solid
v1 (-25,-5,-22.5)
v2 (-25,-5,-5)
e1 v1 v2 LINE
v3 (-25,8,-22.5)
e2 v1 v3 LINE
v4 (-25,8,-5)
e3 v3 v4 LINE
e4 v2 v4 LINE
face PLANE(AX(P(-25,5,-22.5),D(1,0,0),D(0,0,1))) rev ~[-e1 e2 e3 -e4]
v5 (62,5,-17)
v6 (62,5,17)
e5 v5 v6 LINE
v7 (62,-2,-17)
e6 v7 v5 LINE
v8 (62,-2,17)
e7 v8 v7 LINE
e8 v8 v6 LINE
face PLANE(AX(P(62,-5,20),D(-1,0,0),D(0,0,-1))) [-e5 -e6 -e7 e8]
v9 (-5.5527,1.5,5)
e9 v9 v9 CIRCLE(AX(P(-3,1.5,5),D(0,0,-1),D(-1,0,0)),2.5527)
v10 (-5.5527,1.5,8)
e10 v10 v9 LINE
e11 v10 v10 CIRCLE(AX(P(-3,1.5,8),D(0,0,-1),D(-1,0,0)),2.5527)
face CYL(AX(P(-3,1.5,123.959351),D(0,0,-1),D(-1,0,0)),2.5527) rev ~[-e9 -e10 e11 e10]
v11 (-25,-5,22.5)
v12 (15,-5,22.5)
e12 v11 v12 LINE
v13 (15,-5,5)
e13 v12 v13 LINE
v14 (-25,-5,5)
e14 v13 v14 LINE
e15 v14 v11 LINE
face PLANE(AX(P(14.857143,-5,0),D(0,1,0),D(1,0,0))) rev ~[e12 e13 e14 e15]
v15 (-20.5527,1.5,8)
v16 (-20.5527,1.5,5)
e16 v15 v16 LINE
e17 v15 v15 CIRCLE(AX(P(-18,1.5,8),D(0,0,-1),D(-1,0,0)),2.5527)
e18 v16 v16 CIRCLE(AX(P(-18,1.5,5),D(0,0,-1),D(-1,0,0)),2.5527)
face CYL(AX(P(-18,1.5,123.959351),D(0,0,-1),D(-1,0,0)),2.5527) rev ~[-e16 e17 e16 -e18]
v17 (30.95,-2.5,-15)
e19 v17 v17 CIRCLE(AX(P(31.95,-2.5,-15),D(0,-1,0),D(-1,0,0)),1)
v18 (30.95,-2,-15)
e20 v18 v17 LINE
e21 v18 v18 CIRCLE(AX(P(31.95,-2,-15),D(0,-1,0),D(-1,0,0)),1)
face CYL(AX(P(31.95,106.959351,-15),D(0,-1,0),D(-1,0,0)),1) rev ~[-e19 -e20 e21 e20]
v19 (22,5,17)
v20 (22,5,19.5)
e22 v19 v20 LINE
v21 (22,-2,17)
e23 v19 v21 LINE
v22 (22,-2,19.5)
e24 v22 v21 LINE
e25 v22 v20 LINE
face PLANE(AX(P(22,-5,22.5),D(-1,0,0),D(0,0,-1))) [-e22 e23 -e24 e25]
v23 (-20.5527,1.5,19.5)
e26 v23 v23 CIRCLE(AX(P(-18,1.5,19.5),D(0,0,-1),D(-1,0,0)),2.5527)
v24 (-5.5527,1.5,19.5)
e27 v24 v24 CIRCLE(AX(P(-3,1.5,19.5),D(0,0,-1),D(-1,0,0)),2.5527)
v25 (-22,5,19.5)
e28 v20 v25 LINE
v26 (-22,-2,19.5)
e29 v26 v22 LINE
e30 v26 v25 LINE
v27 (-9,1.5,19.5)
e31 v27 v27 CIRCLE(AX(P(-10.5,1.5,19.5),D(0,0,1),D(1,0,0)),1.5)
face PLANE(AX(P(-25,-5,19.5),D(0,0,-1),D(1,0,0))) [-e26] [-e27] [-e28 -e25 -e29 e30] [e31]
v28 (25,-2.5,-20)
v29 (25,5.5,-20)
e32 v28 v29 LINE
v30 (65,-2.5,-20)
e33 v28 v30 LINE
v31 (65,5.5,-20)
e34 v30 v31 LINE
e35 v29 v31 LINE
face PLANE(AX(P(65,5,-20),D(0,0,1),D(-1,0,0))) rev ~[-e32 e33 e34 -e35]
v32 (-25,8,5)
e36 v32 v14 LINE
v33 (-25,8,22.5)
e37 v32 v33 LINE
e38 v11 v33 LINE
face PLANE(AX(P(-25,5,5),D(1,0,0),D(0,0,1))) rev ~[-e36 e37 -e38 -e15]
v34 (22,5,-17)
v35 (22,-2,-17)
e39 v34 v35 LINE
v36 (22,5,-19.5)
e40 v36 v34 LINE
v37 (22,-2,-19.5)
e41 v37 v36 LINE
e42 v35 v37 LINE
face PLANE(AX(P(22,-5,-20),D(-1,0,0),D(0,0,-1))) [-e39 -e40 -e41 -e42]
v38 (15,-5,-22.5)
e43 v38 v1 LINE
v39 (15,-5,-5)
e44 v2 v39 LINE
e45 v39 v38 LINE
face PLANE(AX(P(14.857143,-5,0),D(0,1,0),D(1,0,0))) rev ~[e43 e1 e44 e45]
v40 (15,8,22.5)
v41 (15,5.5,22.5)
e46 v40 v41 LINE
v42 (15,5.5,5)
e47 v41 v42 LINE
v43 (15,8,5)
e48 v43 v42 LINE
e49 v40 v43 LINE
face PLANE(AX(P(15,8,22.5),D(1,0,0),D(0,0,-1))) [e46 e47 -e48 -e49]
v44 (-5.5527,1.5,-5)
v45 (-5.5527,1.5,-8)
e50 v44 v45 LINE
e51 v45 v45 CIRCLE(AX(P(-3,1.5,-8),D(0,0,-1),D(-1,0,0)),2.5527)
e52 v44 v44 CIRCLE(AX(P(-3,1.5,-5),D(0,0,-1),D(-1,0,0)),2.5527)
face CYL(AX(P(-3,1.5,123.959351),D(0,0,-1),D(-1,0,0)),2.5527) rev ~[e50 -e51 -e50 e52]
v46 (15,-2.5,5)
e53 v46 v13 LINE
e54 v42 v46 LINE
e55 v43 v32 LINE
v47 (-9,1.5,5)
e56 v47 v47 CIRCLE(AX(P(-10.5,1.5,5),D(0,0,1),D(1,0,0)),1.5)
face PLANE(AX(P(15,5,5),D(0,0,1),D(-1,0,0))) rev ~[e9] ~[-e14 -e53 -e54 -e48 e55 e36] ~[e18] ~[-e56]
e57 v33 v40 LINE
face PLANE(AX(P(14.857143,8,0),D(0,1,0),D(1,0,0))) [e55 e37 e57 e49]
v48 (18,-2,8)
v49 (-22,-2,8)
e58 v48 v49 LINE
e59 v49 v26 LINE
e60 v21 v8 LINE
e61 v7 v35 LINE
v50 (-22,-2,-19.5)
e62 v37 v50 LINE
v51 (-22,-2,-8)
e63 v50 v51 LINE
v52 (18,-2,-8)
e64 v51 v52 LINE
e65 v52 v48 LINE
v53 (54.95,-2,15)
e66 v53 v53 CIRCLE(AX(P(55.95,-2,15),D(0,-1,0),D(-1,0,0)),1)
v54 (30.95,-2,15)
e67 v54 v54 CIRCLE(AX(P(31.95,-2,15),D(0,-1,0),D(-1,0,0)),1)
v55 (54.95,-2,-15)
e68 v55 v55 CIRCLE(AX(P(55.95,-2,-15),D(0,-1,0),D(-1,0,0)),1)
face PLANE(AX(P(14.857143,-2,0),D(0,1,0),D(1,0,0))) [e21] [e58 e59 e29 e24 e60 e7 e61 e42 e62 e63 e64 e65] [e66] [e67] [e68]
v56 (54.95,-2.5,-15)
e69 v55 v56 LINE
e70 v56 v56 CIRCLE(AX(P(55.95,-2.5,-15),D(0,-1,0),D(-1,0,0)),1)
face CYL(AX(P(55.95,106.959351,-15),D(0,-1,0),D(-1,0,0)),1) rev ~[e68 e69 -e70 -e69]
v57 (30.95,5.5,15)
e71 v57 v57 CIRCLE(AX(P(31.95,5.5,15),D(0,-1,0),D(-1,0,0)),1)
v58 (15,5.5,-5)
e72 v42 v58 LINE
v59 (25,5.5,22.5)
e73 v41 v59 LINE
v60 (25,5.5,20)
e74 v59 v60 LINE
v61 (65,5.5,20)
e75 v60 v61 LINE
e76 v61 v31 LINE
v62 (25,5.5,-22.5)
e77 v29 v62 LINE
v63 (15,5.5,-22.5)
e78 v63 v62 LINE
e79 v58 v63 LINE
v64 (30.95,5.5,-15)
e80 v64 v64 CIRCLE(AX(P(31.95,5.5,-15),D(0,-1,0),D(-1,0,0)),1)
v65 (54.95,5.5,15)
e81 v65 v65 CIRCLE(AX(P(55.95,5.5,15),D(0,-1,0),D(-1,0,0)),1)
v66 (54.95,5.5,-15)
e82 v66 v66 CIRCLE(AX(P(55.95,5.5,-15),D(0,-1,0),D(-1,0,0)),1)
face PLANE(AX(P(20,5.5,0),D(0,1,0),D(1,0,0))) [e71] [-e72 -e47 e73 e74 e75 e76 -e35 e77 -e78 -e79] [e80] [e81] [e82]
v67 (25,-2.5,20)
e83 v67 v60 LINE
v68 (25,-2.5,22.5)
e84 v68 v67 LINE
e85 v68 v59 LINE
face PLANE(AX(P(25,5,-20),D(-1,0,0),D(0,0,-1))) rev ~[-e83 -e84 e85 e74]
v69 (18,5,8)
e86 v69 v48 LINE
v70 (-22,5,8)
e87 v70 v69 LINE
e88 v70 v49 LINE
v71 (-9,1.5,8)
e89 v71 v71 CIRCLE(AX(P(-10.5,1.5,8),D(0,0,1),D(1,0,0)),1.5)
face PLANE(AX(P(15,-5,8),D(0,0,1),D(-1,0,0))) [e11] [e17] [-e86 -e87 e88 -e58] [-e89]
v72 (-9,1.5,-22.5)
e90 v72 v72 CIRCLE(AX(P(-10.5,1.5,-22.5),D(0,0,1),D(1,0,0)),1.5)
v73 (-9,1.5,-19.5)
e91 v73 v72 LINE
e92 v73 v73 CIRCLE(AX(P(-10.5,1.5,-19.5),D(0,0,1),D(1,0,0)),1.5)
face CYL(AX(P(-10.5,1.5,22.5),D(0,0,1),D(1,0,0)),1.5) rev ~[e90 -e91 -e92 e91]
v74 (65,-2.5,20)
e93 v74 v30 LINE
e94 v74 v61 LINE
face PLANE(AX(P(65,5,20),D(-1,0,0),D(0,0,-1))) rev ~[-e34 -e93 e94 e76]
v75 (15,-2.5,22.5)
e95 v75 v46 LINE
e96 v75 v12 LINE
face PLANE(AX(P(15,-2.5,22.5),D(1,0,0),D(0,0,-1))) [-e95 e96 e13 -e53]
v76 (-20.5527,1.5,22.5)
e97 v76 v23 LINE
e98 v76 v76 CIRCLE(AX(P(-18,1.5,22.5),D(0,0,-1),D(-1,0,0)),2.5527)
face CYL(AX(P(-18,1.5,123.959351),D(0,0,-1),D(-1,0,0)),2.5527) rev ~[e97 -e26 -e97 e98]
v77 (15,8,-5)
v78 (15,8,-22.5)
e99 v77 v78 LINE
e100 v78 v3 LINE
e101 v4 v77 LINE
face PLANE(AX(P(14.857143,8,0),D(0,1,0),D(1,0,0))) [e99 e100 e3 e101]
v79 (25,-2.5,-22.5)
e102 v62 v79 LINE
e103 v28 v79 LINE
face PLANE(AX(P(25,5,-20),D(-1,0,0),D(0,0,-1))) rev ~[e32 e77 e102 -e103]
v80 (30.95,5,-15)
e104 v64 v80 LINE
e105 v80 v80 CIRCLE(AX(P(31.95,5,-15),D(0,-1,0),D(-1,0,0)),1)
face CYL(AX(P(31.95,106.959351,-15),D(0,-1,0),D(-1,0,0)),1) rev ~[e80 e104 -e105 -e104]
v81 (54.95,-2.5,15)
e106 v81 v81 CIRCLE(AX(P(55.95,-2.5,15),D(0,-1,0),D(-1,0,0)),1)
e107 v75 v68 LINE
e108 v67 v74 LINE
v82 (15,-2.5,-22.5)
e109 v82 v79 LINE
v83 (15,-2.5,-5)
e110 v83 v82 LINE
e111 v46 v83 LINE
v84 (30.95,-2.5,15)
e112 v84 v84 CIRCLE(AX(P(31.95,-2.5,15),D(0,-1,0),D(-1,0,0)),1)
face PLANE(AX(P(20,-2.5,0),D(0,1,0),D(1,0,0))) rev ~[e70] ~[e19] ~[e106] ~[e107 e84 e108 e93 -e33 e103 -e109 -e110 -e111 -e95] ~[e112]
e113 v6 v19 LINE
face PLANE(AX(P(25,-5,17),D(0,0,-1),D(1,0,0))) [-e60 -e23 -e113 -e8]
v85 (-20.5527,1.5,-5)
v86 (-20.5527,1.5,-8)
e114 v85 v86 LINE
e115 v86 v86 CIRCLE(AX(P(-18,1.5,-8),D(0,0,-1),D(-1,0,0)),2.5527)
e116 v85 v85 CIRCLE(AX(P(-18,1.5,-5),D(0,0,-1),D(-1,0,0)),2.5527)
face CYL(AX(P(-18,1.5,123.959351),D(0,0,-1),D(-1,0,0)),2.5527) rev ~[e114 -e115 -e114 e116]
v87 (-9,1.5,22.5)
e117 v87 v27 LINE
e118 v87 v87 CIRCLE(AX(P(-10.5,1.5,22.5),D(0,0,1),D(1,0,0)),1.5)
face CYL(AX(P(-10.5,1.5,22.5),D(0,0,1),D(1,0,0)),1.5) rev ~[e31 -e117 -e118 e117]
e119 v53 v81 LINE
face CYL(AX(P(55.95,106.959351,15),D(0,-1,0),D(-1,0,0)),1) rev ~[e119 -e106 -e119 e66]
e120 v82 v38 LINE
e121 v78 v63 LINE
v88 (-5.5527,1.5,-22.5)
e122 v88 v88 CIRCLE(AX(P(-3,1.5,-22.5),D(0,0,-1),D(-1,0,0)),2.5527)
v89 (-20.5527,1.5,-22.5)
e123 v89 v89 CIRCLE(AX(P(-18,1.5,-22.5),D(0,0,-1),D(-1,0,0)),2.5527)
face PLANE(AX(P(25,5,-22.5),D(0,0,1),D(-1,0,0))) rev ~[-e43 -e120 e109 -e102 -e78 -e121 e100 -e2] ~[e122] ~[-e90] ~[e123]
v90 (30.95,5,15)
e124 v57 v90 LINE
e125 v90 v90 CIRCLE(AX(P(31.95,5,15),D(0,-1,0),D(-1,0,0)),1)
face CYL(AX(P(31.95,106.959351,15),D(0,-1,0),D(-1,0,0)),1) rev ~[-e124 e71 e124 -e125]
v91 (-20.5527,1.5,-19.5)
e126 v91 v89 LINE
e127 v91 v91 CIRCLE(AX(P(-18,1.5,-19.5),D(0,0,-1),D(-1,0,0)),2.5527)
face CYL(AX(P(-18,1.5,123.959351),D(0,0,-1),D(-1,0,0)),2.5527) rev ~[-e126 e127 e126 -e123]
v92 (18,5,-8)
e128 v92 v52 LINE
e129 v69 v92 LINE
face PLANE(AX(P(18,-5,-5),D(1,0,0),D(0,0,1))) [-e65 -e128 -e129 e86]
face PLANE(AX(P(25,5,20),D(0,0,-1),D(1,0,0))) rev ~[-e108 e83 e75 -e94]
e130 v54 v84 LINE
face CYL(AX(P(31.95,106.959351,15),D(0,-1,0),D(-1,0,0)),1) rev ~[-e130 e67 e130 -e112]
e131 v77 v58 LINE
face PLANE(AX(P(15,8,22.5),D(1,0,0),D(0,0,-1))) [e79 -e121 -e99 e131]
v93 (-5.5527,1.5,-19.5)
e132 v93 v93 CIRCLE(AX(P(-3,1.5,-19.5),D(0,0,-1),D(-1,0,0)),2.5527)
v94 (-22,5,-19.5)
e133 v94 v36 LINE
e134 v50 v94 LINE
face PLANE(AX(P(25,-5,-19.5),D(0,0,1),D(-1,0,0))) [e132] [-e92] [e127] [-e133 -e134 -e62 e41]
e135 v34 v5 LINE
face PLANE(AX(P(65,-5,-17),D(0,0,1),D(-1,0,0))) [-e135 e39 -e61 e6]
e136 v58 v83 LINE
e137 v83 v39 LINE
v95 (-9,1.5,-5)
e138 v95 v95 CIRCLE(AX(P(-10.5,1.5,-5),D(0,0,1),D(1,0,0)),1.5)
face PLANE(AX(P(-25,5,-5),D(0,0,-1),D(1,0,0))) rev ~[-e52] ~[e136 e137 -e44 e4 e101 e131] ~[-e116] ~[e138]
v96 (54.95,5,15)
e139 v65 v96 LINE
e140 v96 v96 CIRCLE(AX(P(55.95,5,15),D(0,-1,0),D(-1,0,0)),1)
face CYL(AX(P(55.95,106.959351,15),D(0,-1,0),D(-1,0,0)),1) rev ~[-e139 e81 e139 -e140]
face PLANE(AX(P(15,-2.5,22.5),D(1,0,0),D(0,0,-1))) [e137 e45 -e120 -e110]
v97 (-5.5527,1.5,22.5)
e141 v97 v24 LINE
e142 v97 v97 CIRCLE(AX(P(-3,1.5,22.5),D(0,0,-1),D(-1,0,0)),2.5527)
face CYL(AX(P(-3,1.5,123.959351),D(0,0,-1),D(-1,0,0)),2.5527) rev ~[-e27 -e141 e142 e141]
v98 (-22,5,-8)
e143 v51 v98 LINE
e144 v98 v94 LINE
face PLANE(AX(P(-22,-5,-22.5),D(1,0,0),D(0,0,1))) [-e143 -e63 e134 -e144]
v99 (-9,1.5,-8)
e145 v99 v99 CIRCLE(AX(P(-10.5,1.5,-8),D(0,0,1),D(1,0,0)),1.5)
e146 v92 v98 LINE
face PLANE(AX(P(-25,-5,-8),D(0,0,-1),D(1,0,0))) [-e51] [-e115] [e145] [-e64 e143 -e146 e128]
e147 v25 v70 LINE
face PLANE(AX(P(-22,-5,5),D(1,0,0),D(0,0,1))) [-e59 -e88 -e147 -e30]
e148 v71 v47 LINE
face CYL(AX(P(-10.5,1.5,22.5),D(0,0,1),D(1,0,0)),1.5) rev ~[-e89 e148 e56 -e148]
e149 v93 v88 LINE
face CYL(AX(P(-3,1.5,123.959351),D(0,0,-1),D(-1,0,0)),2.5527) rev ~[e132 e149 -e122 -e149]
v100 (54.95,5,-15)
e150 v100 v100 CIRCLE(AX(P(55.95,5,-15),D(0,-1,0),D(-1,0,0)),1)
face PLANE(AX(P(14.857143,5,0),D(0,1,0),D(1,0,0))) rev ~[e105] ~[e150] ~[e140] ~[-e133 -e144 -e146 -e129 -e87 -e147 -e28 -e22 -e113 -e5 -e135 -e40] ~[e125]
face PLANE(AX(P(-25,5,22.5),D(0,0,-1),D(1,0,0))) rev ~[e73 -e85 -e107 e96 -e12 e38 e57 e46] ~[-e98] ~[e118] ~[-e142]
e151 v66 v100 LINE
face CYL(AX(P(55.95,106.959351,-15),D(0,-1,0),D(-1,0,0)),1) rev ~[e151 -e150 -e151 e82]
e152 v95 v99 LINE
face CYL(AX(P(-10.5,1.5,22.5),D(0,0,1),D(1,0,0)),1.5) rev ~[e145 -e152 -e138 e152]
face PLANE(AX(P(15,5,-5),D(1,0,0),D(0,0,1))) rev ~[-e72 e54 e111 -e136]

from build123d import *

# Parameters (mm, degrees)
BOSS_EXTRUDE1_DEPTH             = 5
BOSS_EXTRUDE1_DEPTH_BACK        = 5
SHELL1_T                        = -3
BOSS_EXTRUDE2_START             = 5
BOSS_EXTRUDE2_DEPTH             = 3
SKETCH2_R                       = 1.5
CUT_EXTRUDE1_DEPTH              = 100
F_1_4_20_TAPPED_HOLE1_D         = 5.1054
SKETCH9_W                       = 40
SKETCH9_H                       = 2.5
CUT_EXTRUDE2_DEPTH              = 79.072082078
SKETCH10_W                      = 10
SKETCH10_H                      = 45
CUT_EXTRUDE3_DEPTH              = 2.5
CUT_EXTRUDE4_START              = -10.5
SKETCH10_2_W                    = 10
SKETCH10_2_H                    = 45
CUT_EXTRUDE4_DEPTH              = 2.5
F_2_0MM_CLEARANCE_DOWEL_HOLE2_D = 2


with BuildPart() as part:
    # Sketch1 → Boss-Extrude1 (new, two sides: drawn at the far end of the back side and taken through both)
    with BuildSketch(Plane(origin=(0, 0, 0), x_dir=(1, 0, 0), z_dir=(0, 1, 0)).offset(-BOSS_EXTRUDE1_DEPTH_BACK)):
        Polygon((-25, -5), (-25, -22.5), (25, -22.5), (25, -20), (65, -20), (65, 20), (25, 20), (25, 22.5), (-25, 22.5), (-25, 5), (15, 5), (15, -5), align=None)
    extrude(amount=BOSS_EXTRUDE1_DEPTH + BOSS_EXTRUDE1_DEPTH_BACK)

    # Shell1
    shell1_openings = [part.faces().sort_by_distance(p)[0] for p in [
        (21.449275362, 5, 0),
    ]]
    offset(amount=SHELL1_T, openings=shell1_openings, kind=Kind.INTERSECTION)

    # Sketch1<2> → Boss-Extrude2 (add)
    with BuildSketch(Plane(origin=(0, 0, 0), x_dir=(1, 0, 0), z_dir=(0, 1, 0)).offset(BOSS_EXTRUDE2_START)):
        Polygon((-25, -5), (-25, -22.5), (25, -22.5), (25, -20), (65, -20), (65, 20), (25, 20), (25, 22.5), (-25, 22.5), (-25, 5), (15, 5), (15, -5), align=None)
    extrude(amount=BOSS_EXTRUDE2_DEPTH)

    # Sketch2 → Cut-Extrude1 (cut)
    with BuildSketch(Plane.XY.offset(22.5)):
        with Locations((-10.5, 1.5)):
            Circle(SKETCH2_R)
    extrude(amount=-CUT_EXTRUDE1_DEPTH, mode=Mode.SUBTRACT)

    # 1/4-20 Tapped Hole1 (through all)
    with Locations(Plane.XY.offset(22.5)):
        with Locations((-3, 1.5), (-18, 1.5)):
            Hole(F_1_4_20_TAPPED_HOLE1_D / 2)

    # Sketch9 → Cut-Extrude2 (cut, through all)
    with BuildSketch(Plane.XY.offset(20)):
        with Locations((45, 6.75)):
            Rectangle(SKETCH9_W, SKETCH9_H)
        with Locations((45, -3.75)):
            Rectangle(SKETCH9_W, SKETCH9_H)
    extrude(amount=-CUT_EXTRUDE2_DEPTH, mode=Mode.SUBTRACT)

    # Sketch10 → Cut-Extrude3 (cut)
    with BuildSketch(Plane(origin=(0, 8, 0), x_dir=(1, 0, 0), z_dir=(0, 1, 0))):
        with Locations((20, 0)):
            Rectangle(SKETCH10_W, SKETCH10_H)
    extrude(amount=-CUT_EXTRUDE3_DEPTH, mode=Mode.SUBTRACT)

    # Sketch10<2> → Cut-Extrude4 (cut)
    with BuildSketch(Plane(origin=(0, 8, 0), x_dir=(1, 0, 0), z_dir=(0, 1, 0)).offset(CUT_EXTRUDE4_START)):
        with Locations((20, 0)):
            Rectangle(SKETCH10_2_W, SKETCH10_2_H)
    extrude(amount=-CUT_EXTRUDE4_DEPTH, mode=Mode.SUBTRACT)

    # Ø2.0mm Clearance Dowel Hole2 (through all)
    with Locations(Plane(origin=(0, 5.5, 0), x_dir=(1, 0, 0), z_dir=(0, 1, 0))):
        with Locations((31.950000364, 15), (31.950000364, -15), (55.950000364, -15), (55.950000364, 15)):
            Hole(F_2_0MM_CLEARANCE_DOWEL_HOLE2_D / 2)


solid = part.part
